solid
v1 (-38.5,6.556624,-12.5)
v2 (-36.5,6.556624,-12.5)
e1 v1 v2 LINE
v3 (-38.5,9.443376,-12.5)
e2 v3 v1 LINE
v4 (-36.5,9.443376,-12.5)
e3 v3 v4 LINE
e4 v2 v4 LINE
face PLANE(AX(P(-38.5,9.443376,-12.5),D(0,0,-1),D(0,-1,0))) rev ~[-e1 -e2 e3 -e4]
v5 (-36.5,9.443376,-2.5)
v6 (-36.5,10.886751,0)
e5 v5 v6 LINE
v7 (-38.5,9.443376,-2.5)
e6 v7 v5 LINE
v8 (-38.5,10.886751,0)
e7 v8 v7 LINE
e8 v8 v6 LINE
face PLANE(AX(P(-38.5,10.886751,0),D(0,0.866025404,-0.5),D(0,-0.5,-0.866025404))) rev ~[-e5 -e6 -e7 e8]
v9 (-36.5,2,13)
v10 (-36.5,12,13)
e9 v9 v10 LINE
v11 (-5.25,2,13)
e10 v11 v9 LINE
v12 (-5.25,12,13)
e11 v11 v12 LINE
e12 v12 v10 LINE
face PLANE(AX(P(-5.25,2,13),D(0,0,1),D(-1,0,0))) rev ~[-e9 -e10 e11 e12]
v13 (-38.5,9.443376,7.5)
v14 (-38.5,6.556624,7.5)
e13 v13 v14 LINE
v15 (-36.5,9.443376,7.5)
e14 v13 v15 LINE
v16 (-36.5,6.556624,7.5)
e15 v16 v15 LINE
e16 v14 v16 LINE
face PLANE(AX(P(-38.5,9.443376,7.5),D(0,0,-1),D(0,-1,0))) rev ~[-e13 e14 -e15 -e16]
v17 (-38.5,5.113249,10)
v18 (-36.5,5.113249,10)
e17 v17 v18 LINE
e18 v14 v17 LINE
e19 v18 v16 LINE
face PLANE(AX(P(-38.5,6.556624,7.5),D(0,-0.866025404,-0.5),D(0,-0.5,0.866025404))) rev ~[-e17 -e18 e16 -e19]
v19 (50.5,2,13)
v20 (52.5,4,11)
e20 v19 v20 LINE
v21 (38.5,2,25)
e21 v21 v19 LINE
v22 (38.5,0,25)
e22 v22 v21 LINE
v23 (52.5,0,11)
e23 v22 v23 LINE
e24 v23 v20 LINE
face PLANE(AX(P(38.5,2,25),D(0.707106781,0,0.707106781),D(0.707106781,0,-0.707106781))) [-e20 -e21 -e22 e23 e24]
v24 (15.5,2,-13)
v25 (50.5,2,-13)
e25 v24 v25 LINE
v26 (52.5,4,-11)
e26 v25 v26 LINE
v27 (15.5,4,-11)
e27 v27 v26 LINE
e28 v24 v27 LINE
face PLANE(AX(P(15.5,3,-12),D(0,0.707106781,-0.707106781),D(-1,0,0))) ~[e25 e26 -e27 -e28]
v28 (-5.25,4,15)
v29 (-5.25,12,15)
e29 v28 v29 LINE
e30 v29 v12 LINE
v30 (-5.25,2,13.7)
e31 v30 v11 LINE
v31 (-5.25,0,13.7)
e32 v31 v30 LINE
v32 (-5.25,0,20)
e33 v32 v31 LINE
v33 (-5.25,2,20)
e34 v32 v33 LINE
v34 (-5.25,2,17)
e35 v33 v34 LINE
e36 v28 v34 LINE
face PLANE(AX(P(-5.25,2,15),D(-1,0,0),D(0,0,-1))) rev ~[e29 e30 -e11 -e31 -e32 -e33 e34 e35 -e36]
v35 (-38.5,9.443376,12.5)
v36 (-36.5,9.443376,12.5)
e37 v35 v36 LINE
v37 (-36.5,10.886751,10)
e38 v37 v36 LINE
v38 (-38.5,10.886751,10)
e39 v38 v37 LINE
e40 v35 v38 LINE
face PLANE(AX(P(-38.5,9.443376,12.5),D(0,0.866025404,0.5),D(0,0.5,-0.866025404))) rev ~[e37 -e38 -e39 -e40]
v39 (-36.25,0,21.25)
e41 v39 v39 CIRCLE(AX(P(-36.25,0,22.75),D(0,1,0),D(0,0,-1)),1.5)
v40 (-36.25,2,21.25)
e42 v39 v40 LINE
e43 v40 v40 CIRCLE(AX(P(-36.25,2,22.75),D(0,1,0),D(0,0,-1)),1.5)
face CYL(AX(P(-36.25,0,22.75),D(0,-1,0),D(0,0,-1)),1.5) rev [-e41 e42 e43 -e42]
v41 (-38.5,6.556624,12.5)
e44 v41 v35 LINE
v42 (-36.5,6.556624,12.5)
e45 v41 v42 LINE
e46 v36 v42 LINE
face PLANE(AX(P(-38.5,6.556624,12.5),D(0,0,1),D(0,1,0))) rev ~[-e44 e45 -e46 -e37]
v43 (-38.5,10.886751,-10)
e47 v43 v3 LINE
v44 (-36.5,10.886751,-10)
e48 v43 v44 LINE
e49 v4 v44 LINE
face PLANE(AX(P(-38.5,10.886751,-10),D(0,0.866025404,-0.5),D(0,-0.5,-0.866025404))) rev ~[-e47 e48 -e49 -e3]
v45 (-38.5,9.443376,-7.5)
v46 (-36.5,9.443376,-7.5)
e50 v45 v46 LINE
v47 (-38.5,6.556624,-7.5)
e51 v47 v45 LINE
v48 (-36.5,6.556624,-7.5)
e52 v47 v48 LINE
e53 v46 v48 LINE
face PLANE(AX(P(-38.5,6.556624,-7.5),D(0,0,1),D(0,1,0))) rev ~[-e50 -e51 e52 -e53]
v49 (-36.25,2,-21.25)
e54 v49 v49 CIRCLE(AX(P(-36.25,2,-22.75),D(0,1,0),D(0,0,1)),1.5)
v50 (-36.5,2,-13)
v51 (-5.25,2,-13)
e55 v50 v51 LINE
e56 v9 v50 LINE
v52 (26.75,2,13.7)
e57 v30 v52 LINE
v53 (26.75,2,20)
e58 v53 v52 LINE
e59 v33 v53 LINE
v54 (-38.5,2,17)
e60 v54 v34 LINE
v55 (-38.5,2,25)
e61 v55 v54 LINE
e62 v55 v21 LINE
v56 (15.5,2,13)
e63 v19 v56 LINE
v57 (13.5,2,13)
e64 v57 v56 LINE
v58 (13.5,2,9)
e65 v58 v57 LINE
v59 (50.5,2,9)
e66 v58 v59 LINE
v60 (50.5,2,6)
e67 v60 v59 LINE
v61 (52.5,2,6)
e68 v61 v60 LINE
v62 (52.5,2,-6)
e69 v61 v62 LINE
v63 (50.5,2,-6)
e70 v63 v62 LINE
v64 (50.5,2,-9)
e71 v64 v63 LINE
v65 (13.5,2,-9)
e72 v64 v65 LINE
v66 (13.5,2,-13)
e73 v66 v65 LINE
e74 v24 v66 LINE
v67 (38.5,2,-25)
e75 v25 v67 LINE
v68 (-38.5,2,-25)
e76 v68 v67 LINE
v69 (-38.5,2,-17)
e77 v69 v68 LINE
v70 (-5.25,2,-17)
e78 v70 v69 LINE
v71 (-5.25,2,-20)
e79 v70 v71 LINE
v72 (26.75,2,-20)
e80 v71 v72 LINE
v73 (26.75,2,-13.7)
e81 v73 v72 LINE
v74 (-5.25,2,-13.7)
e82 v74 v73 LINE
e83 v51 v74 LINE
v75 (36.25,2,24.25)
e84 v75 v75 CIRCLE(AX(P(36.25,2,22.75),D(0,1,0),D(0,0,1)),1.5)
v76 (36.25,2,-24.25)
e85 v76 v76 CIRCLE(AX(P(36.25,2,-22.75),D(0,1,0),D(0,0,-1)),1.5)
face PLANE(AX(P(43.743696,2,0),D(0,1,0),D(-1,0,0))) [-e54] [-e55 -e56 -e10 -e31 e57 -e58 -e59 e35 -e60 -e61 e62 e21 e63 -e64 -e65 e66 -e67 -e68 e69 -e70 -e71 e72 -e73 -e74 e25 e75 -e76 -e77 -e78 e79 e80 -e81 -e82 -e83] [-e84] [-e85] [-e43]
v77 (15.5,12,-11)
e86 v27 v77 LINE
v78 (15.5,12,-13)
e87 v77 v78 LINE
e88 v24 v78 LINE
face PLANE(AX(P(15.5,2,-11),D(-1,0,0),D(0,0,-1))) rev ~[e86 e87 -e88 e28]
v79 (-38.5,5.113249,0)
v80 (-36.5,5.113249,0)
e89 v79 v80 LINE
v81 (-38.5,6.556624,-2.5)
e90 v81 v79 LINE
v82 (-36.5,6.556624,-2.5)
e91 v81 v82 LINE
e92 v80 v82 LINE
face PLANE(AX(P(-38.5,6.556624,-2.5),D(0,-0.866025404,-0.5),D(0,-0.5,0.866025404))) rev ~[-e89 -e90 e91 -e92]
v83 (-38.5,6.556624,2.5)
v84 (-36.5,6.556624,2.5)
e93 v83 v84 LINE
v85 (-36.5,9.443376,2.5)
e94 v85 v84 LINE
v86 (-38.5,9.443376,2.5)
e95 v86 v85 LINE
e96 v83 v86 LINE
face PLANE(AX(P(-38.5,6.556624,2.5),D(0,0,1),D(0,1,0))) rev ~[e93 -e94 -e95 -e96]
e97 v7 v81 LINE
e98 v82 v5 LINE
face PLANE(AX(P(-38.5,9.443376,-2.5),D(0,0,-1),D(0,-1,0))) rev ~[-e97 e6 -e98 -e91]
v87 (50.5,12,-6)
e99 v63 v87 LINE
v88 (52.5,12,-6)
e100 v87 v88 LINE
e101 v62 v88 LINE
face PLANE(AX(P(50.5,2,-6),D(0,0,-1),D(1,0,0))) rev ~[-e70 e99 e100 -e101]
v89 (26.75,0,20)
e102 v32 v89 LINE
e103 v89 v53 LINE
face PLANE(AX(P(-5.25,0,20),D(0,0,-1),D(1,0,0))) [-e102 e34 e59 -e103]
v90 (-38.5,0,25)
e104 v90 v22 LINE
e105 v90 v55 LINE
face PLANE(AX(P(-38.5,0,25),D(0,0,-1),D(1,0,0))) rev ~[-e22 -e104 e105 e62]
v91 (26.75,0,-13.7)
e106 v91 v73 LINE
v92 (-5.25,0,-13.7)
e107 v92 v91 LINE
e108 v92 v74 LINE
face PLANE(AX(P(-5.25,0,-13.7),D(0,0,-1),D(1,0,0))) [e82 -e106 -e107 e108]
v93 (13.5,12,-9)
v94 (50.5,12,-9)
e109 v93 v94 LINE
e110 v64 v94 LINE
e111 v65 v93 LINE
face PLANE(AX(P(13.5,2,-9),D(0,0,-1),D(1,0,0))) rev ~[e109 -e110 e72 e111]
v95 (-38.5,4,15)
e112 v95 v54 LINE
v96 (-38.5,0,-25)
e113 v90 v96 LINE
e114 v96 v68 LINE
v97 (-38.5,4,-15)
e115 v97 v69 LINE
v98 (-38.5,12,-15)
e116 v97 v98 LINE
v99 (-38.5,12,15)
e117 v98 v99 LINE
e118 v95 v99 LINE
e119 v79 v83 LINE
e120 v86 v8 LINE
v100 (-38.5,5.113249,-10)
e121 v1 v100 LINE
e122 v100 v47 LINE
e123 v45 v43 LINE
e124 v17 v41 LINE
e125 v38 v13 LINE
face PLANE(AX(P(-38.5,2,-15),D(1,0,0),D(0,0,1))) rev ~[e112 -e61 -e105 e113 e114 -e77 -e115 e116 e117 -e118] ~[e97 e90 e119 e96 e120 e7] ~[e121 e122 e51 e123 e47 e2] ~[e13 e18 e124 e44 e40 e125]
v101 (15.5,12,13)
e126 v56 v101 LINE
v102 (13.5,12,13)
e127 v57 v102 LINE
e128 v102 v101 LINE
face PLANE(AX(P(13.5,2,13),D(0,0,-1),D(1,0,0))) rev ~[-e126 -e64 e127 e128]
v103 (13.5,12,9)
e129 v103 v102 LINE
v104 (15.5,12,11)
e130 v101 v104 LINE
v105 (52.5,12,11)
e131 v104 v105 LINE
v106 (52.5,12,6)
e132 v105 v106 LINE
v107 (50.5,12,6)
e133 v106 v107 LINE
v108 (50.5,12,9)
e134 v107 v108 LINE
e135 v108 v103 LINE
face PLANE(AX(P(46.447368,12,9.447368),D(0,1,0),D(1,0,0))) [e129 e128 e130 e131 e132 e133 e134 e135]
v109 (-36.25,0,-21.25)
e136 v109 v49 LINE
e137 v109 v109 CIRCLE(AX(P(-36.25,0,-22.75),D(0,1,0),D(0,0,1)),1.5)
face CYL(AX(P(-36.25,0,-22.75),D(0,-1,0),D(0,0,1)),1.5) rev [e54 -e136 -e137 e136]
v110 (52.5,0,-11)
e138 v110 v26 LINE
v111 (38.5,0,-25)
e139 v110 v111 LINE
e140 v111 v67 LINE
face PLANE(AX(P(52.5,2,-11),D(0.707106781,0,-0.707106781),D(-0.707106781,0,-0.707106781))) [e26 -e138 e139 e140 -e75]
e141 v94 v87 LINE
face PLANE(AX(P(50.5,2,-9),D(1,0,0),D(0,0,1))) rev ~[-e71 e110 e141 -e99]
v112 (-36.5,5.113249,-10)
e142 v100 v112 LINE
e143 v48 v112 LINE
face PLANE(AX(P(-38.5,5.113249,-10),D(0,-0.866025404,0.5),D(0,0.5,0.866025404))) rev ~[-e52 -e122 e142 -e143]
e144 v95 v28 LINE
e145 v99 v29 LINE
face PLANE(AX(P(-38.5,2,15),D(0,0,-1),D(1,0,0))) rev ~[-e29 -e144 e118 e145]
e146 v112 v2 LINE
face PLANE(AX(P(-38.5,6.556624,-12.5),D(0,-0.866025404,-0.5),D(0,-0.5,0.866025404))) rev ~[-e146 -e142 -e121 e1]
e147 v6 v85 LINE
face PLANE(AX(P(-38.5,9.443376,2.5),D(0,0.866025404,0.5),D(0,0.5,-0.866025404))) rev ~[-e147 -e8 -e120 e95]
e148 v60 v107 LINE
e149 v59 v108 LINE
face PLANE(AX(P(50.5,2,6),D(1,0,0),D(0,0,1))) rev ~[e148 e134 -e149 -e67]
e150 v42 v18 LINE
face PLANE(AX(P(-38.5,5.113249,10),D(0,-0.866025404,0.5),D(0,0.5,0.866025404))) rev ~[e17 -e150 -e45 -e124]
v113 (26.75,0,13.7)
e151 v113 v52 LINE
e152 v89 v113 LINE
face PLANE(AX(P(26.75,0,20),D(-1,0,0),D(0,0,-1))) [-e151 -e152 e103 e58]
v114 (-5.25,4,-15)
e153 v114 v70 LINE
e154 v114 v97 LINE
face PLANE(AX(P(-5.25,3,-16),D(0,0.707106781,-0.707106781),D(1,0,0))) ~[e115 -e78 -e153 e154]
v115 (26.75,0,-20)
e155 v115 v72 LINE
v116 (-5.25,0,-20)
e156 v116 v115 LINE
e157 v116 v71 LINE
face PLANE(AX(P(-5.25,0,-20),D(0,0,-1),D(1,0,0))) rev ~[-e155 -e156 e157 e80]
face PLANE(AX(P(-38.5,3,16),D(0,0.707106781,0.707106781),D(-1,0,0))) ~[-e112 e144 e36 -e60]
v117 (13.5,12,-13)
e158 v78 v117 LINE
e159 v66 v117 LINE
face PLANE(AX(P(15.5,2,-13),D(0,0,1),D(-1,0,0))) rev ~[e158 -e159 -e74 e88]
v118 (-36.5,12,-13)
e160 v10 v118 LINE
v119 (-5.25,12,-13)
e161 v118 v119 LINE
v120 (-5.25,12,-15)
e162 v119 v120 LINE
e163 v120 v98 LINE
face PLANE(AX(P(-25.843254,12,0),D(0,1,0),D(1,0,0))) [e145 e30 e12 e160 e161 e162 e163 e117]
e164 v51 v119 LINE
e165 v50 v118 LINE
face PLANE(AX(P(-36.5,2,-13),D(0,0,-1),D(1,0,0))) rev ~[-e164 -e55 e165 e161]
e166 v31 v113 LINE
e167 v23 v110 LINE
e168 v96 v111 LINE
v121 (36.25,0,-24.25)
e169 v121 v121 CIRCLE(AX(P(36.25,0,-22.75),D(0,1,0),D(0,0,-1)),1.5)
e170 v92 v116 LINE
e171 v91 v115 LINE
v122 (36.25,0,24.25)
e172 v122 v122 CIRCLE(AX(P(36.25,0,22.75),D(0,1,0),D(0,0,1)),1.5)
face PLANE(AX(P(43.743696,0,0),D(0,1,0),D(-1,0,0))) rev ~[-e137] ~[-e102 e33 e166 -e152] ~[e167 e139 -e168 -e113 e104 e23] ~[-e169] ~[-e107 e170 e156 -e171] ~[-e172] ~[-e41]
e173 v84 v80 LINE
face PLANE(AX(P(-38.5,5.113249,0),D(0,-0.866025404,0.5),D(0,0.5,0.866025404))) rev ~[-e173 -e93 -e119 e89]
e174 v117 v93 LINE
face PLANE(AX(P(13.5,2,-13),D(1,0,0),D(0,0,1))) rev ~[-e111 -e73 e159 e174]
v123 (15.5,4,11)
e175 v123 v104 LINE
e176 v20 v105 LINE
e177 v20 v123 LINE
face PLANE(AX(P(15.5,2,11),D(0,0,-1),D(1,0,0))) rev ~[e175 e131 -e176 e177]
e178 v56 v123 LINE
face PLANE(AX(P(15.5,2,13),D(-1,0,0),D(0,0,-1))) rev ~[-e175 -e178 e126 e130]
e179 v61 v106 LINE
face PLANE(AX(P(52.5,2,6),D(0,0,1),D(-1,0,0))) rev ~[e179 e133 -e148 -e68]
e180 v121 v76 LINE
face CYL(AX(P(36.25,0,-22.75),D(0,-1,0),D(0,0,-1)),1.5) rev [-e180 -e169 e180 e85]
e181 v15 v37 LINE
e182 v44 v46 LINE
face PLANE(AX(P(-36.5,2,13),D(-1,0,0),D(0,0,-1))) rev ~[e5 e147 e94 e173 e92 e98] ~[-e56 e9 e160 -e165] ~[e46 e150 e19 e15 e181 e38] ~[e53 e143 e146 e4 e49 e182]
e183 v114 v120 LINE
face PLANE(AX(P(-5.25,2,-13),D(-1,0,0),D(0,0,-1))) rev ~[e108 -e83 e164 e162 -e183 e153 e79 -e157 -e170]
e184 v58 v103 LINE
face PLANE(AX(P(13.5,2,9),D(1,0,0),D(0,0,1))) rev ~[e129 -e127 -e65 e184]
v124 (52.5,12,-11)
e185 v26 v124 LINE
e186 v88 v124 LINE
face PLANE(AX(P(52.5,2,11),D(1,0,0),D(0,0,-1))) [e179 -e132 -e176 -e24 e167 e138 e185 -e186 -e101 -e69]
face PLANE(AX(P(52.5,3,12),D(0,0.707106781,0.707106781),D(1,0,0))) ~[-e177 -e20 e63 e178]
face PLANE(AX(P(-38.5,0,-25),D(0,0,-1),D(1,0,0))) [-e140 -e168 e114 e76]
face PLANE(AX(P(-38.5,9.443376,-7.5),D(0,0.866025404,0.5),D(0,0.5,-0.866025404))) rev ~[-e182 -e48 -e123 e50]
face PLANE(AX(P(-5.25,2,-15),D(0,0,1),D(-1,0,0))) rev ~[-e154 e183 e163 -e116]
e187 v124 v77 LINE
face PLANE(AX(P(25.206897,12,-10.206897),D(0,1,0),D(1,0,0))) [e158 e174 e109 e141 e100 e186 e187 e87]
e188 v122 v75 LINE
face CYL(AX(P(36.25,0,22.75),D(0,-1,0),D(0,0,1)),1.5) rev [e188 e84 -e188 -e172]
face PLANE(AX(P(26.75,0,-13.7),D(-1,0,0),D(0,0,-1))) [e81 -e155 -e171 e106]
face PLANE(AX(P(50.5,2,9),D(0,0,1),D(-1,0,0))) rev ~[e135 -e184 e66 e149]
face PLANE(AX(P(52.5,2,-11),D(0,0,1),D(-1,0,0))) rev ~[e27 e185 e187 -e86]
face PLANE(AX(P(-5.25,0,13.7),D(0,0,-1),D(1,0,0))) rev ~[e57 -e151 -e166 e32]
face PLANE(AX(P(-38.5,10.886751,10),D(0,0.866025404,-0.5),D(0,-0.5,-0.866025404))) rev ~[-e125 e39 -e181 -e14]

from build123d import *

# Parameters (mm, degrees)
SKETCH1_W           = 77
SKETCH1_H           = 50
SKETCH1_R           = 1.5
SKETCH1_W_2         = 32
SKETCH1_H_2         = 6.3
BOSS_EXTRUDE1_DEPTH = 2
BOSS_EXTRUDE2_DEPTH = 10
BOSS_EXTRUDE3_DEPTH = 2
CHAMFER1_SIZE       = 2
CUT_EXTRUDE1_REACH  = 97.131


with BuildPart() as part:
    # Sketch1 → Boss-Extrude1 (new body)
    with BuildSketch(Plane(origin=(0, 0, 0), x_dir=(1, 0, 0), z_dir=(0, 1, 0))):
        Rectangle(SKETCH1_W, SKETCH1_H)
        with Locations(Location((-36.25, 22.75, 0), (0, 0, 270))):
            Circle(SKETCH1_R, mode=Mode.SUBTRACT)
        with Locations(Location((36.25, 22.75, 0), (0, 0, 90))):
            Circle(SKETCH1_R, mode=Mode.SUBTRACT)
        with Locations(Location((36.25, -22.75, 0), (0, 0, 270))):
            Circle(SKETCH1_R, mode=Mode.SUBTRACT)
        with Locations(Location((-36.25, -22.75, 0), (0, 0, 90))):
            Circle(SKETCH1_R, mode=Mode.SUBTRACT)
        with Locations((10.75, 16.85)):
            Rectangle(SKETCH1_W_2, SKETCH1_H_2, mode=Mode.SUBTRACT)
        with Locations((10.75, -16.85)):
            Rectangle(SKETCH1_W_2, SKETCH1_H_2, mode=Mode.SUBTRACT)
    extrude(amount=BOSS_EXTRUDE1_DEPTH)

    # Sketch2 → Boss-Extrude2 (add)
    with BuildSketch(Plane(origin=(0, 2, 0), x_dir=(1, 0, 0), z_dir=(0, 1, 0))):
        Polygon((-38.5, 15), (-38.5, -15), (-5.25, -15), (-5.25, -13.7), (-5.25, -13), (-36.5, -13), (-36.5, 13), (-5.25, 13), (-5.25, 13.7), (-5.25, 15), align=None)
        Polygon((15.5, 13), (13.5, 13), (13.5, 9), (38.5, 9), (38.5, 11), (15.5, 11), align=None)
        Polygon((38.5, 11), (38.5, 9), (50.5, 9), (50.5, 6), (52.5, 6), (52.5, 11), align=None)
        Polygon((50.5, -9), (38.5, -9), (38.5, -11), (52.5, -11), (52.5, -6), (50.5, -6), align=None)
        Polygon((13.5, -9), (13.5, -13), (15.5, -13), (15.5, -11), (38.5, -11), (38.5, -9), align=None)
    extrude(amount=BOSS_EXTRUDE2_DEPTH)

    # Sketch3 → Boss-Extrude3 (add)
    with BuildSketch(Plane.XZ.offset(-2)):
        Polygon((38.5, 25), (52.5, 11), (52.5, -11), (38.5, -25), align=None)
    extrude(amount=BOSS_EXTRUDE3_DEPTH)

    # Chamfer1
    chamfer1_edges = [part.edges().sort_by_distance(p)[0] for p in [
        (-21.875, 2, -15),
        (34, 2, -11),
        (34, 2, 11),
        (-21.875, 2, 15),
    ]]
    chamfer(chamfer1_edges, length=CHAMFER1_SIZE)

    # Sketch4 → Cut-Extrude1 (cut, up to next)
    with BuildSketch(Plane.ZY.offset(38.5), mode=Mode.PRIVATE) as cut_extrude1_sk1:
        Polygon((-7.5, 6.556624327), (-7.5, 9.443375673), (-10, 10.886751346), (-12.5, 9.443375673), (-12.5, 6.556624327), (-10, 5.113248654), align=None)
    cut_extrude1_tool1 = extrude(cut_extrude1_sk1.sketch, amount=-CUT_EXTRUDE1_REACH, mode=Mode.PRIVATE) & part.part
    # Sketch4 → Cut-Extrude1 (cut, up to next)
    with BuildSketch(Plane.ZY.offset(38.5), mode=Mode.PRIVATE) as cut_extrude1_sk2:
        Polygon((0, 10.886751346), (0, 5.113248654), (2.5, 6.556624327), (2.5, 9.443375673), align=None)
    cut_extrude1_tool2 = extrude(cut_extrude1_sk2.sketch, amount=-CUT_EXTRUDE1_REACH, mode=Mode.PRIVATE) & part.part
    # Sketch4 → Cut-Extrude1 (cut, up to next)
    with BuildSketch(Plane.ZY.offset(38.5), mode=Mode.PRIVATE) as cut_extrude1_sk3:
        Polygon((-2.5, 6.556624327), (0, 5.113248654), (0, 10.886751346), (-2.5, 9.443375673), align=None)
    cut_extrude1_tool3 = extrude(cut_extrude1_sk3.sketch, amount=-CUT_EXTRUDE1_REACH, mode=Mode.PRIVATE) & part.part
    # Sketch4 → Cut-Extrude1 (cut, up to next)
    with BuildSketch(Plane.ZY.offset(38.5), mode=Mode.PRIVATE) as cut_extrude1_sk4:
        Polygon((12.5, 6.556624327), (12.5, 9.443375673), (10, 10.886751346), (7.5, 9.443375673), (7.5, 6.556624327), (10, 5.113248654), align=None)
    cut_extrude1_tool4 = extrude(cut_extrude1_sk4.sketch, amount=-CUT_EXTRUDE1_REACH, mode=Mode.PRIVATE) & part.part
    add(cut_extrude1_tool1.solids().sort_by_distance((-38.5, 8, -10))[0], mode=Mode.SUBTRACT)
    add(cut_extrude1_tool2.solids().sort_by_distance((-38.5, 8, 1.111111))[0], mode=Mode.SUBTRACT)
    add(cut_extrude1_tool3.solids().sort_by_distance((-38.5, 8, -1.111111))[0], mode=Mode.SUBTRACT)
    add(cut_extrude1_tool4.solids().sort_by_distance((-38.5, 8, 10))[0], mode=Mode.SUBTRACT)


solid = part.part
